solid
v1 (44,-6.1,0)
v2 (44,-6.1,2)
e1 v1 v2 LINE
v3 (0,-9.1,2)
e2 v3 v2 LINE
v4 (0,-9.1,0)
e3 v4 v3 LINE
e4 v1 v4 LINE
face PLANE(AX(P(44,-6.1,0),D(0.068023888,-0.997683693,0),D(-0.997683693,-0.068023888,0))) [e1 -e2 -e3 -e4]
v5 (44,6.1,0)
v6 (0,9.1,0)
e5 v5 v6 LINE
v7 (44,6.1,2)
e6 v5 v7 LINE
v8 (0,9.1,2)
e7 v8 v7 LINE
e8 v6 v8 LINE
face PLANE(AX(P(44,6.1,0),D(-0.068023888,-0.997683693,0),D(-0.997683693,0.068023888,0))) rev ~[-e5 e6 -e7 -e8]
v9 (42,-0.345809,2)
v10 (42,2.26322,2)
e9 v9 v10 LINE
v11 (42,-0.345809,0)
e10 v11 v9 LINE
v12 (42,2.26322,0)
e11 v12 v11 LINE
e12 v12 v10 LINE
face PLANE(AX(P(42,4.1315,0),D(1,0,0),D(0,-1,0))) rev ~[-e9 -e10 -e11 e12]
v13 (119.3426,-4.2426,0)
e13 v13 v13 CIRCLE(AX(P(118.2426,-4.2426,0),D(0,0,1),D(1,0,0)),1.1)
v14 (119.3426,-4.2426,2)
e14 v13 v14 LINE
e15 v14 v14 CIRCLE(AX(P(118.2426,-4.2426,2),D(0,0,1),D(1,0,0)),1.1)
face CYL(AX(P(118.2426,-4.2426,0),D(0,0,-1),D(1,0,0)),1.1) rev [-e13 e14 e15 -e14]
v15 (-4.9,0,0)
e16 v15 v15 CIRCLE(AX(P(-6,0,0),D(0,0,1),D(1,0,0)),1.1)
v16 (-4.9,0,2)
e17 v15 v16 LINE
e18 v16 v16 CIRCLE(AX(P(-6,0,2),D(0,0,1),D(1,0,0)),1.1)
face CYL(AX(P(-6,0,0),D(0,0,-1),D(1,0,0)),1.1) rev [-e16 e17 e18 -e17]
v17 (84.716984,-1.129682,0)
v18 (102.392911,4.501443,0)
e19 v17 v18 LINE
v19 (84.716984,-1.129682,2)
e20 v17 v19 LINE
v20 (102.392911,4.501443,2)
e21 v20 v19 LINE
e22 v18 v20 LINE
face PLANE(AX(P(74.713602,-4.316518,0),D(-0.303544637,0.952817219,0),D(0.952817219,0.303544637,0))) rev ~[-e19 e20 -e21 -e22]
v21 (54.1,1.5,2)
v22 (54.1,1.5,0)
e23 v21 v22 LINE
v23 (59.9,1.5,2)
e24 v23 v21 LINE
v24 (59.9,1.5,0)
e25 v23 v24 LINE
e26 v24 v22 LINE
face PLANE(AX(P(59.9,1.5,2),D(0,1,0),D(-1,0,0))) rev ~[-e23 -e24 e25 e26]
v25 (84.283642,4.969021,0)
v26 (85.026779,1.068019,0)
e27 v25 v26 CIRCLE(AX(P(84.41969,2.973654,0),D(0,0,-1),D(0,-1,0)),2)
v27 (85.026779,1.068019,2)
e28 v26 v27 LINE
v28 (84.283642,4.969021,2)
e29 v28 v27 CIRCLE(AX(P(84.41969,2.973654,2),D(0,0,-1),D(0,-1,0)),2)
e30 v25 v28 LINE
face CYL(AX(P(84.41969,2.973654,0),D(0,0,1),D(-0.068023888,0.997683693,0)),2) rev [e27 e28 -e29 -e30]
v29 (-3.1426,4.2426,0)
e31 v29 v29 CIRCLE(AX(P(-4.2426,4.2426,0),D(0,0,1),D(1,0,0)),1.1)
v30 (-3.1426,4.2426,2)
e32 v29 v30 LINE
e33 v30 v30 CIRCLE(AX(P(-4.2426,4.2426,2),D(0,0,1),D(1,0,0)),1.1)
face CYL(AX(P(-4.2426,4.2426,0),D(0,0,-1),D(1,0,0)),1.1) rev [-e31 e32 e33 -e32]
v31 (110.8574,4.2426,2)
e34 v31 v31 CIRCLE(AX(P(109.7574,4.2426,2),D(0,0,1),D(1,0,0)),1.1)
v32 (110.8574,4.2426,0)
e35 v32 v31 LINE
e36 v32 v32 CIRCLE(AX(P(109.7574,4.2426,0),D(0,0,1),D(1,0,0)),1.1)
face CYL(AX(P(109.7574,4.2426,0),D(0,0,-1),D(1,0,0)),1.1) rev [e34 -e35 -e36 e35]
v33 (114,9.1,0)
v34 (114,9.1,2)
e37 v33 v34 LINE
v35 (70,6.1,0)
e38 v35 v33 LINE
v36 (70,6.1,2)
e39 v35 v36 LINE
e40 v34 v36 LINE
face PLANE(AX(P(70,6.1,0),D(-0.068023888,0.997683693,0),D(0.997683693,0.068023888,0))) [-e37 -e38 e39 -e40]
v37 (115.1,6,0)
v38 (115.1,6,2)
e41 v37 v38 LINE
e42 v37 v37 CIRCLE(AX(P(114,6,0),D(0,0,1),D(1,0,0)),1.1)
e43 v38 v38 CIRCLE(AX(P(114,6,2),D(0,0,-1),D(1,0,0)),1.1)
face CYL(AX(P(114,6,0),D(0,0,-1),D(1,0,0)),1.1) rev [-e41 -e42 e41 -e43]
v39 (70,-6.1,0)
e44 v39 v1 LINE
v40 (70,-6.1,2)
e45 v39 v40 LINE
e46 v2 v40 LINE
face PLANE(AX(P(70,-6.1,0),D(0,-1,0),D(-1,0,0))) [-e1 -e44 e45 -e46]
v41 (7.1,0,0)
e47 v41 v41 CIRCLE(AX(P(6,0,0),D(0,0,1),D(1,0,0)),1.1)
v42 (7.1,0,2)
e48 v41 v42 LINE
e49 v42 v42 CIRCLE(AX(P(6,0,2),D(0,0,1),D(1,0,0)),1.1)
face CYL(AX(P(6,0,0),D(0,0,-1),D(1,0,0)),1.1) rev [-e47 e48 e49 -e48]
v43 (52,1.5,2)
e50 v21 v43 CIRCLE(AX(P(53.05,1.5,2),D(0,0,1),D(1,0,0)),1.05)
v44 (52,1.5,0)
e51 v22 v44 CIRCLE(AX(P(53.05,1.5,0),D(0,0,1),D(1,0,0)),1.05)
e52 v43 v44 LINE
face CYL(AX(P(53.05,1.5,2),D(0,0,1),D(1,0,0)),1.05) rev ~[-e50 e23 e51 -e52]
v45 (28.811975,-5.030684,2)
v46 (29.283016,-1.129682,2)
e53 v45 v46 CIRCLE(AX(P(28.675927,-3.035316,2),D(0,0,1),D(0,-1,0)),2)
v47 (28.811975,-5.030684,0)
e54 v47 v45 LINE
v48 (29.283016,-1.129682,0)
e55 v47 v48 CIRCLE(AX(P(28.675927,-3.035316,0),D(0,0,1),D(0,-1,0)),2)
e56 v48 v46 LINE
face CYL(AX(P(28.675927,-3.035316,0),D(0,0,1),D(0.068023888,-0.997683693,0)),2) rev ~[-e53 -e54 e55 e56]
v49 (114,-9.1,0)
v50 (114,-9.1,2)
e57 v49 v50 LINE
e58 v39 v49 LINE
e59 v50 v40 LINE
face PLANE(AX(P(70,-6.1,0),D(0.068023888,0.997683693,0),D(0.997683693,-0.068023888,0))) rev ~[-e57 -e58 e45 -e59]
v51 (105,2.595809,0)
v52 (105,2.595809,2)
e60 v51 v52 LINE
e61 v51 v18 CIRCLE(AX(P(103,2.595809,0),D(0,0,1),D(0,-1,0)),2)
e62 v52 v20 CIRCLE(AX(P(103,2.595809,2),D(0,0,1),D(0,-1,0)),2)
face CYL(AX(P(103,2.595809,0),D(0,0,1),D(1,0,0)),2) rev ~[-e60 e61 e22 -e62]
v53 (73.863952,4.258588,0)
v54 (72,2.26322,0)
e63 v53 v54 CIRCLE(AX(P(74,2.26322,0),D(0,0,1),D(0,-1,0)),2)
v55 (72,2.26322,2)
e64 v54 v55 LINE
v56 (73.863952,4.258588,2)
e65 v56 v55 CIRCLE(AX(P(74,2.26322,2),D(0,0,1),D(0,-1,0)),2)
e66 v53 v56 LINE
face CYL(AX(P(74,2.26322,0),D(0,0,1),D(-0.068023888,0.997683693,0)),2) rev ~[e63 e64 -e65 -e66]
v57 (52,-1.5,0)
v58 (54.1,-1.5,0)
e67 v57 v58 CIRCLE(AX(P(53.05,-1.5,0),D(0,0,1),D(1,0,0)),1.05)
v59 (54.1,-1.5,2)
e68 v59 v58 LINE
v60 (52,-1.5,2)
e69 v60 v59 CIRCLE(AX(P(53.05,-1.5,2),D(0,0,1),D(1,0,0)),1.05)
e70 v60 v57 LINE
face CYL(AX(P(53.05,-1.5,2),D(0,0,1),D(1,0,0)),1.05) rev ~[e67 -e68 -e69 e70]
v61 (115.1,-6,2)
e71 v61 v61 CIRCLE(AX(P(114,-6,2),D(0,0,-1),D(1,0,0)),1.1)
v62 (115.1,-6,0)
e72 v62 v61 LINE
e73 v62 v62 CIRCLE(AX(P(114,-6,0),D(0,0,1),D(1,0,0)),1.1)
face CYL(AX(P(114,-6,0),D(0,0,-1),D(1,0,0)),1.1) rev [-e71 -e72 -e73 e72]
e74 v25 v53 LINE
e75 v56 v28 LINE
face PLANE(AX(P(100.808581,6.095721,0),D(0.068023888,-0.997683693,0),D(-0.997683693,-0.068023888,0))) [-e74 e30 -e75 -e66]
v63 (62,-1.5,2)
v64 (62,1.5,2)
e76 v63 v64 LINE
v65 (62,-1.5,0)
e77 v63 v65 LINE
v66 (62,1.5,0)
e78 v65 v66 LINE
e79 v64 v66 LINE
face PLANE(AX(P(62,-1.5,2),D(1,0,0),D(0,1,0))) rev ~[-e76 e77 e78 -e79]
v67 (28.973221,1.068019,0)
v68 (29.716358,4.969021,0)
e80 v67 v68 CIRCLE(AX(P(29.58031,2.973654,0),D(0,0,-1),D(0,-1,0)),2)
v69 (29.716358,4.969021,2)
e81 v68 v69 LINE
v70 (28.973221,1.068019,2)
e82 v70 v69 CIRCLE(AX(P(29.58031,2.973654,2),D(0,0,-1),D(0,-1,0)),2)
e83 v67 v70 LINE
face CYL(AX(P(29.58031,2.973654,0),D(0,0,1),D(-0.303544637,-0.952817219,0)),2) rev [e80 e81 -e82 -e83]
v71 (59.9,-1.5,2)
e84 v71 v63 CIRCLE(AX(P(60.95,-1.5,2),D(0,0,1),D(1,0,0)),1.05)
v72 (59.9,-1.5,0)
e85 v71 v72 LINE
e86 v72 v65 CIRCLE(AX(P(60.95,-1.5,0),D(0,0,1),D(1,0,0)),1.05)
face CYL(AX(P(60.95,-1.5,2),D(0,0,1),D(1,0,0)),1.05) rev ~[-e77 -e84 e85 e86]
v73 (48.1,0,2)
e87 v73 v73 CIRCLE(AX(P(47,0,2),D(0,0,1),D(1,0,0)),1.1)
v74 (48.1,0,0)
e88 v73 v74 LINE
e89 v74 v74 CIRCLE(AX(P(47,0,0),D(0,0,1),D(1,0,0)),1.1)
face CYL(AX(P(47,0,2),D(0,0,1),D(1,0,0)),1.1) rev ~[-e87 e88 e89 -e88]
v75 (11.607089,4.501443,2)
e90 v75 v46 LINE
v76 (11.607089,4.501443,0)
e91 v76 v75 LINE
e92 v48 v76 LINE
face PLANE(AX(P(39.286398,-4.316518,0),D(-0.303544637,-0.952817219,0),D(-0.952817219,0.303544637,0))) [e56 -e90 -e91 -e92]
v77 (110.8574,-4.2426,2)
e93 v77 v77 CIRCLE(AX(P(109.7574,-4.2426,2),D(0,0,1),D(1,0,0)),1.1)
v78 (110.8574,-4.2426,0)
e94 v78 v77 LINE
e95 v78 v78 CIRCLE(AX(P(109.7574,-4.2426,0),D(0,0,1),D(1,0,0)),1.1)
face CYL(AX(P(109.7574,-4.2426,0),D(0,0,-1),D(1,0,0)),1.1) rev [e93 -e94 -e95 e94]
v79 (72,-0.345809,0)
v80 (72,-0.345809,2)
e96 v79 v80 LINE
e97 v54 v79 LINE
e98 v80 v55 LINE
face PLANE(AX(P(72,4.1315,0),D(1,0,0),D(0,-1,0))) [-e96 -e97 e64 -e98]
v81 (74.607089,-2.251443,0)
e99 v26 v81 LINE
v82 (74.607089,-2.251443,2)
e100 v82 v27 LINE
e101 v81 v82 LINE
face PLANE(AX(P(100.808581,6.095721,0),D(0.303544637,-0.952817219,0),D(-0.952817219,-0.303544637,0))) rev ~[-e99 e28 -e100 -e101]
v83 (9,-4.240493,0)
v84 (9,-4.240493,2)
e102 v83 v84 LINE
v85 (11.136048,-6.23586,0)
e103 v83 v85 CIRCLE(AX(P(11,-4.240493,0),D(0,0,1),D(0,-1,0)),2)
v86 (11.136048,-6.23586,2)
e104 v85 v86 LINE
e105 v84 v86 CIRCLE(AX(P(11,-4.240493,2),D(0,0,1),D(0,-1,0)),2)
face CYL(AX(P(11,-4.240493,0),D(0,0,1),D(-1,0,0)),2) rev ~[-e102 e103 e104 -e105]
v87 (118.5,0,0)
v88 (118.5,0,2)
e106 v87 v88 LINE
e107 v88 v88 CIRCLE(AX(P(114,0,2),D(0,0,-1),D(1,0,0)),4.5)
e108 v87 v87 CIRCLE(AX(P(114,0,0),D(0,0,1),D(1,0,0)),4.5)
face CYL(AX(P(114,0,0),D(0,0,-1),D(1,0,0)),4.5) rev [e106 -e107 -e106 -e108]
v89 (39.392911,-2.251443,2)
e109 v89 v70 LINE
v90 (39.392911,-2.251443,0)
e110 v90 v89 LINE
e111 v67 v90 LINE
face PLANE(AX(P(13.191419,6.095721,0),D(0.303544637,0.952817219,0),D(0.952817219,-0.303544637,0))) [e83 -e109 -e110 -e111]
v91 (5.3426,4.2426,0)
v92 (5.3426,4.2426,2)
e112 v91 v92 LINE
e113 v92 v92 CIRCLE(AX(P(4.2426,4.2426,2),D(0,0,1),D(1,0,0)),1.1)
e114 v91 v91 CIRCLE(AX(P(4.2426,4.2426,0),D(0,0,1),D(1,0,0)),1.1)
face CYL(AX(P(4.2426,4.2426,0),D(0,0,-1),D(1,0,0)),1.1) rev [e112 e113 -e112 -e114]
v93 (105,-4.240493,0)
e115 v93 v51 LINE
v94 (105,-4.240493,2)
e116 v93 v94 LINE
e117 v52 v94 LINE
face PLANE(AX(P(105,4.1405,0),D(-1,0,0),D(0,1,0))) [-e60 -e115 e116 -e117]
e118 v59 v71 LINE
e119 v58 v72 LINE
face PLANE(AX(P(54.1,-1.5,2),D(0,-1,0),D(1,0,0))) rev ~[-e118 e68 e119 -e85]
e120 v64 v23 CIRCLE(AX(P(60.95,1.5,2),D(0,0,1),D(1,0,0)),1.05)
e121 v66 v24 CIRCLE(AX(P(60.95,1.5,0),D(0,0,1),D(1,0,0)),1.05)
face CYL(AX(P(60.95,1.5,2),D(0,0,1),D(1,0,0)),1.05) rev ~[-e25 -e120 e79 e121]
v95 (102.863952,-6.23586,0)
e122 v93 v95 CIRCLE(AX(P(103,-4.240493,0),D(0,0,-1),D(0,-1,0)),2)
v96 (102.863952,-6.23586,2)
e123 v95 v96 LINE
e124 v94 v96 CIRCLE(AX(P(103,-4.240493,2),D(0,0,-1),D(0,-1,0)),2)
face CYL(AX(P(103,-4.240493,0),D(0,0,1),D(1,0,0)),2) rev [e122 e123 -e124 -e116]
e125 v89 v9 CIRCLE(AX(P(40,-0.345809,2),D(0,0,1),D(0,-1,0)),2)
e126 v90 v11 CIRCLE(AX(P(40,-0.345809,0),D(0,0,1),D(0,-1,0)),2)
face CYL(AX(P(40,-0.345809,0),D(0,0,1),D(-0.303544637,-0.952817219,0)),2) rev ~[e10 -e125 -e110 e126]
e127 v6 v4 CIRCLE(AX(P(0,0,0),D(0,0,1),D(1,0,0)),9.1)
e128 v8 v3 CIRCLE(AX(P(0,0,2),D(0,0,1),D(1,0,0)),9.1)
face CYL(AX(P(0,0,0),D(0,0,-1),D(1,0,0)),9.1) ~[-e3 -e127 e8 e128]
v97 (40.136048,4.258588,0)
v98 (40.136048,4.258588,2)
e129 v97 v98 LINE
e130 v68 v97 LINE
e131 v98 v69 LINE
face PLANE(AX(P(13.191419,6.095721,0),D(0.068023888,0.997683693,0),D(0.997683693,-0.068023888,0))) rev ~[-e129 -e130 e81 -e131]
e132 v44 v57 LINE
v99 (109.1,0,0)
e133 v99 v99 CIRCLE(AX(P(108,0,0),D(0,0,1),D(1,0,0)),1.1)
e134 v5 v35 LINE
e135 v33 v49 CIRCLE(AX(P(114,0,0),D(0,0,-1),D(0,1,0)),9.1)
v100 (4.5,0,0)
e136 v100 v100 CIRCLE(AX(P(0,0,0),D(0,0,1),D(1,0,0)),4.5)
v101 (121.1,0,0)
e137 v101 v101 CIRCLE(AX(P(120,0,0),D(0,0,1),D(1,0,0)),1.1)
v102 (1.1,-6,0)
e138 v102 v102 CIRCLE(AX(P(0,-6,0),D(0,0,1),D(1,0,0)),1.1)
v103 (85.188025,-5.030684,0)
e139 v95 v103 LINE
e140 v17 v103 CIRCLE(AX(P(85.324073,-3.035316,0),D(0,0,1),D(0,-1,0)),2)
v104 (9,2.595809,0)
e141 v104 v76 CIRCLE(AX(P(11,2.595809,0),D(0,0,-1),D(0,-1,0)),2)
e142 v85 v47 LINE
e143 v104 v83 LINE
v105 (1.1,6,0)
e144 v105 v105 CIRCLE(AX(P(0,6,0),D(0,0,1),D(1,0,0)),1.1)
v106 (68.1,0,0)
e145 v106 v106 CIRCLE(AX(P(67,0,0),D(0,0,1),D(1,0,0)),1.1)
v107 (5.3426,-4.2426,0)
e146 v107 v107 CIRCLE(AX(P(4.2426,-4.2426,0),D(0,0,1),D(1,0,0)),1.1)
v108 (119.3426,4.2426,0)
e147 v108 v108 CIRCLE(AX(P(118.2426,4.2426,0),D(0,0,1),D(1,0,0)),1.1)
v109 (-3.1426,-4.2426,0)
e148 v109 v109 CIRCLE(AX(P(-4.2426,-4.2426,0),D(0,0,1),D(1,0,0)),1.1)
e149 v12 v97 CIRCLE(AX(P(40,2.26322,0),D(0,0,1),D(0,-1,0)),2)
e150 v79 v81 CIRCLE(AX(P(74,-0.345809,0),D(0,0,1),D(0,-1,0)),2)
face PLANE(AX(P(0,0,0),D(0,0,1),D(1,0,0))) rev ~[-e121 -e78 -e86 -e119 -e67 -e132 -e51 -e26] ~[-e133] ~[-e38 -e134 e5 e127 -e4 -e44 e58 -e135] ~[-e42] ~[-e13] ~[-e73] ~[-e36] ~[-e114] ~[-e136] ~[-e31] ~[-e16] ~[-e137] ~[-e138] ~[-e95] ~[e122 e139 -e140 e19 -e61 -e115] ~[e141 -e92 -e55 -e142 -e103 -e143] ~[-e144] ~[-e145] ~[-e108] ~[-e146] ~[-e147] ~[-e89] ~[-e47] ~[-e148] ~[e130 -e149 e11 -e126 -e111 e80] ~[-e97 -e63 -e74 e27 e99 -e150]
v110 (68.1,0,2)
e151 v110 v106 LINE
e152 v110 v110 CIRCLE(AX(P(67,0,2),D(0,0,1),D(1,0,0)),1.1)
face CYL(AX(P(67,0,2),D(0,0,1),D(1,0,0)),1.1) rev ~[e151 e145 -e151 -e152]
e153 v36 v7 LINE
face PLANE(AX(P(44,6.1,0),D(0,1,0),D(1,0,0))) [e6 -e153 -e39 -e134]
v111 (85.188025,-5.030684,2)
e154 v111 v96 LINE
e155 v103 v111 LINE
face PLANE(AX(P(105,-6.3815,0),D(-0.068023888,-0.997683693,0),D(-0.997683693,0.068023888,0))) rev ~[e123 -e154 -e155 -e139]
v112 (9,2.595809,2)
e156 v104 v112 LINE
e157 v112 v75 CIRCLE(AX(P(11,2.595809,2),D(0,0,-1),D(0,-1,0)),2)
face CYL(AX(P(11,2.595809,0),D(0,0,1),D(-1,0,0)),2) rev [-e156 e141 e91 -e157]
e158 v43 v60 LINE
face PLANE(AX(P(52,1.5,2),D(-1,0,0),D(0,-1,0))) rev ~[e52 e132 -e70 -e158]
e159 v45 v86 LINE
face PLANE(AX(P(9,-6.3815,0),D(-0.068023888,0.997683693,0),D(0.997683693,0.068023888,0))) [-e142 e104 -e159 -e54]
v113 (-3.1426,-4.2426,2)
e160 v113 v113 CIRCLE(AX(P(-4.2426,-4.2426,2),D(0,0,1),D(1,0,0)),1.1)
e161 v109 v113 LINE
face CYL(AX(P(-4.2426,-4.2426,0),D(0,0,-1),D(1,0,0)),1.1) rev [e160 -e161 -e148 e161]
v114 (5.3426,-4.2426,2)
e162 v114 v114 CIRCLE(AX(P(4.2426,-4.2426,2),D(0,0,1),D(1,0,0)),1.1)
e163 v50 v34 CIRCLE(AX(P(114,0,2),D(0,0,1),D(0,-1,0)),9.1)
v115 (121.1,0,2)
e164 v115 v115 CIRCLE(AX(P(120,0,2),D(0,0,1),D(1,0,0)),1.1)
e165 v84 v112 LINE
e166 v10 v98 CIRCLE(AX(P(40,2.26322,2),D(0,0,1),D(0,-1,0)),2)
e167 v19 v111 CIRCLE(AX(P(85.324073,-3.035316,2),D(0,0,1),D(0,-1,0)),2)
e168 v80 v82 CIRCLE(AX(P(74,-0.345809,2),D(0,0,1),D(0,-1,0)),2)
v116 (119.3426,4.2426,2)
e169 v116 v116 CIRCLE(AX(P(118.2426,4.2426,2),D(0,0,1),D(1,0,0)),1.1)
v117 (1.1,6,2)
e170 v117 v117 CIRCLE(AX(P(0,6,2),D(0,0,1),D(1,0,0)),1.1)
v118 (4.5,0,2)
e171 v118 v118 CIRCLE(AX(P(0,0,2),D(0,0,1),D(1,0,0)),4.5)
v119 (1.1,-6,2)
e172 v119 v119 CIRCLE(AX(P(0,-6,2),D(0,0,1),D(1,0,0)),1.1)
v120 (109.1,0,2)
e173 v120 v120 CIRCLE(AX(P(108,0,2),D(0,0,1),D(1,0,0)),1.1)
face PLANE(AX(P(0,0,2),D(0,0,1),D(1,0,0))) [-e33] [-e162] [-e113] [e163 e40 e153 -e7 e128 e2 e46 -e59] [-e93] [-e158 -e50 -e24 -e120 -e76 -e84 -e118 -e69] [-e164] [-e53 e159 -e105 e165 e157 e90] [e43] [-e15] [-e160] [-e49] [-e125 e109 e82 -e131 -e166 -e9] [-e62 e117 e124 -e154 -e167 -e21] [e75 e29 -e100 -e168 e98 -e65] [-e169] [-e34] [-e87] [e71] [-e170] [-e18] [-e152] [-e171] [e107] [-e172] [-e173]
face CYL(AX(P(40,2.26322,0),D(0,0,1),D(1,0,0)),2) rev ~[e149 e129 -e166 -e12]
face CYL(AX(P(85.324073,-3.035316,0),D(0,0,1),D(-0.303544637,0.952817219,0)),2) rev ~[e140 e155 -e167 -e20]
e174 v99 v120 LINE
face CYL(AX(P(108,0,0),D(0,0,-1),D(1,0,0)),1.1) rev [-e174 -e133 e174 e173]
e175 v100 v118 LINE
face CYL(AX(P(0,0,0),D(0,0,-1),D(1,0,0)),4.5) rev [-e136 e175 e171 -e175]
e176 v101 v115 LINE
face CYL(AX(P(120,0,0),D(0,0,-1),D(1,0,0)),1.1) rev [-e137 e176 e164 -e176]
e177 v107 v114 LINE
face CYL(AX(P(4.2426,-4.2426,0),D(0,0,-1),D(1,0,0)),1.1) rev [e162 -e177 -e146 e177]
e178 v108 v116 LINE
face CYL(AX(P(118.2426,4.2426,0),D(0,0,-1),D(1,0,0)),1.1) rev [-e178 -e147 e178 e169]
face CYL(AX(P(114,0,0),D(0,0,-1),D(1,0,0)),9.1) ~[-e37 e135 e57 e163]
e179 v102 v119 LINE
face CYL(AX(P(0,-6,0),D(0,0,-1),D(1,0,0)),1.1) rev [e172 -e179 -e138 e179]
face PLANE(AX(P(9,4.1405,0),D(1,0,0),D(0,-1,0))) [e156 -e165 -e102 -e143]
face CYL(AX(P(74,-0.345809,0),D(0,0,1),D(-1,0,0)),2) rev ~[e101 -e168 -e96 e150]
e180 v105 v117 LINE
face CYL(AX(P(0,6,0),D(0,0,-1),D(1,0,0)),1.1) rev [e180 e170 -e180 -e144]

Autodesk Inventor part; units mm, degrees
ref_plane "YZ Plane" through (0, 0, 0) normal (1, 0, 0) x (0, 1, 0)
ref_plane "XZ Plane" through (0, 0, 0) normal (0, 1, 0) x (-1, 0, 0)
ref_plane "XY Plane" through (0, 0, 0) normal (0, 0, 1) x (1, 0, 0)
sketch "スケッチ1" plane through (0, 0, 0) normal (0, 0, 1) x (1, 0, 0)
  circle A0 centre (0, 0) radius 4.5
  circle A1 centre (0, 0) radius 6 construction
  circle A2 centre (0, 6) radius 1.1
  circle A3 centre (-4.2426, 4.2426) radius 1.1
  circle A4 centre (-6, 0) radius 1.1
  circle A5 centre (-4.2426, -4.2426) radius 1.1
  circle A6 centre (0, -6) radius 1.1
  circle A7 centre (4.2426, -4.2426) radius 1.1
  circle A8 centre (6, 0) radius 1.1
  circle A9 centre (4.2426, 4.2426) radius 1.1
  circle A10 centre (0, 0) radius 9.1
  line L0 (0, 9.1) -> (114, 9.1)
  line L1 (114, 9.1) -> (114, -9.1)
  line L2 (114, -9.1) -> (0, -9.1)
  line L3 (0, -9.1) -> (0, 9.1) construction
  line L4 (57, 9.1) -> (57, -9.1) construction
  circle A11 centre (114, 0) radius 4.5
  circle A12 centre (114, 0) radius 6 construction
  circle A13 centre (114, 6) radius 1.1
  circle A14 centre (118.2426, 4.2426) radius 1.1
  circle A15 centre (120, 0) radius 1.1
  circle A16 centre (118.2426, -4.2426) radius 1.1
  circle A17 centre (114, -6) radius 1.1
  circle A18 centre (109.7574, -4.2426) radius 1.1
  circle A19 centre (108, 0) radius 1.1
  circle A20 centre (109.7574, 4.2426) radius 1.1
  circle A21 centre (114, 0) radius 9.1
  line L5 (114, -9.1) -> (114, 9.1) construction
  point P0 (0, 0)
  point P1 (0, -9.1)
  point P2 (114, -9.1)
  dimension "d1" = 12
  dimension "d0" = 9
  dimension "d2" = 2.2
  dimension "d5" = 360
  dimension "d7" = 2
  dimension "d8" = 57
extrude "押し出し1" add sketch "スケッチ1" along normal blind 2 contours A10 | A10 L0 A21 L2 | A21 L1 A17 A11 A13 | L1 A13 A11 A17 A21
sketch "スケッチ2" plane through (0, 0, 2) normal (0, 0, 1) x (1, 0, 0)
  line L0 (52, -1.5) -> (62, -1.5)
  line L1 (62, -1.5) -> (62, 1.5)
  line L2 (62, 1.5) -> (52, 1.5)
  line L3 (52, 1.5) -> (52, -1.5)
  line L4 (114, 9.1) -> (0, 9.1) projected
  circle A0 centre (53.05, 1.5) radius 1.05
  line L5 (52, 0) -> (62, 0) construction
  line L6 (57, 1.5) -> (57, -1.5) construction
  circle A1 centre (60.95, 1.5) radius 1.05
  circle A2 centre (53.05, -1.5) radius 1.05
  circle A3 centre (60.95, -1.5) radius 1.05
  circle A4 centre (47, 0) radius 1.1
  circle A5 centre (67, 0) radius 1.1
  point P0 (0, 0)
  point P1 (57, 9.1)
  point P2 (59.9, 1.5)
  point P3 (54.1, 1.5)
  point P4 (54.1, -1.5)
  point P5 (59.9, -1.5)
  point P6 (62, -1.5)
  point P7 (62, 1.5)
  dimension "d13" = 2.1
  dimension "d11" = 10
  dimension "d12" = 3
  dimension "d14" = 2.2
  dimension "d15" = 5
extrude "押し出し2" cut sketch "スケッチ2" against normal blind 10
sketch "スケッチ3" plane through (0, 0, 0) normal (0, 0, -1) x (-1, 0, 0)
  line L0 (-70, -6.1) -> (-44, -6.1)
  line L1 (-44, -6.1) -> (-44, 6.1)
  line L2 (-44, 6.1) -> (-70, 6.1)
  line L3 (-70, 6.1) -> (-70, -6.1)
  line L4 (-59.9, 1.5) -> (-54.1, 1.5) projected
  circle A0 centre (-67, 0) radius 1.1 projected
  line L5 (-54.1, -1.5) -> (-59.9, -1.5) projected
  line L6 (0, -9.1) -> (-114, -9.1) projected
  line L7 (-70, -6.1) -> (-114, -9.1)
  line L8 (-70, 0) -> (-120, 0) construction
  line L9 (-57, 6.1) -> (-57, 9.1) construction
  line L10 (-114, 9.1) -> (0, 9.1) projected
  line L11 (-70, 6.1) -> (-114, 9.1)
  line L12 (-114, -9.1) -> (0, -9.1)
  line L13 (-44, -6.1) -> (0, -9.1)
  line L14 (-44, 6.1) -> (0, 9.1)
  point P0 (0, 0)
  point P1 (-57, 1.5)
  point P2 (-57, 1.5)
  point P3 (-57, -6.1)
  point P4 (-57, -1.5)
  point P5 (0, 9.1)
  point P6 (-114, 9.1)
  dimension "d18" = 3
  dimension "d29" = 3
  dimension "d31" = 3
extrude "押し出し3" cut sketch "スケッチ3" against normal blind 10 contours L0 L13 L6 L7 | L11 L10 L14 L2
sketch "スケッチ4" plane through (0, 0, 0) normal (0, 0, -1) x (-1, 0, 0)
  line L0 (-9, 4.1405) -> (-9, -6.3815)
  line L1 (-9, -6.3815) -> (-42, -4.1315)
  line L2 (-44, -6.1) -> (0, -9.1) projected
  line L3 (-52, 1.5) -> (-52, -1.5) projected
  circle A0 centre (-6, 0) radius 1.1 projected
  line L4 (-9, 0) -> (-26.6492, 0) construction
  circle A1 centre (-47, 0) radius 1.1 construction
  line L5 (-70, -6.1) -> (-44, -6.1) construction
  line L6 (-57, -6.1) -> (-57, 6.1) construction
  line L7 (-44, 6.1) -> (-70, 6.1) construction
  line L8 (-9, -4.1405) -> (-9, 6.3815)
  line L9 (-9, 6.3815) -> (-42, 4.1315)
  line L10 (-42, 4.1315) -> (-42, -4.1315)
  line L11 (0, 9.1) -> (-44, 6.1) construction
  line L12 (-105, 4.1405) -> (-105, -6.3815)
  line L13 (-105, -6.3815) -> (-72, -4.1315)
  line L14 (-105, 0) -> (-87.3508, 0) construction
  line L15 (-105, 6.3815) -> (-72, 4.1315)
  line L16 (-105, -4.1405) -> (-105, 6.3815)
  line L17 (-72, 4.1315) -> (-72, -4.1315)
  line L18 (-105, 6.3815) -> (-72, -4.1315)
  line L19 (-72.0515, -5.1646) -> (-105.5556, 5.509)
  line L20 (-105.5556, 5.509) -> (-104.9485, 7.4146)
  line L21 (-104.9485, 7.4146) -> (-71.4444, -3.259)
  line L22 (-71.4444, -3.259) -> (-72.0515, -5.1646)
  line L23 (-72.0515, -5.1646) -> (-104.9485, 7.4146) construction
  line L24 (-105.5556, 5.509) -> (-71.4444, -3.259) construction
  line L25 (-41.9485, -5.1646) -> (-8.4444, 5.509)
  line L26 (-9.0515, 7.4146) -> (-42.5556, -3.259)
  point P0 (0, 0)
  point P1 (-105, -4.1405)
  point P2 (-88.5, 1.125)
  point P3 (-42, -3.082)
  point P4 (-13.1915, 6.0957)
  point P5 (-9, 5.332)
  point P6 (-39.2864, -4.3165)
  point P7 (-100.8085, 6.0957)
  point P8 (-72, -3.082)
  point P9 (-74.7136, -4.3165)
  point P10 (-105, 5.332)
  dimension "d23" = 3
  dimension "d24" = 2.1
  dimension "d25" = 5
  dimension "d30" = 2
extrude "押し出し4" cut sketch "スケッチ4" against normal through all contours L0 L1 L25 L8 | L26 L10 L9 | L16 L19 L13 L12 | L15 L17 L21
fillet "フィレット1" radius 2 12 edges at (72, 4.1315, 1) (105, -6.3815, 1) (9, -6.3815, 1) (42, 4.1315, 1) (74.7136, -4.3165, 1) (72, -3.082, 1) (100.8085, 6.0957, 1) (39.2864, -4.3165, 1) (42, -3.082, 1) (13.1915, 6.0957, 1) (9, 5.332, 1) (105, 5.332, 1)
equation "\"d31\" = d29"
properties part number "腕" material "アルミニウム 2014-T4"
